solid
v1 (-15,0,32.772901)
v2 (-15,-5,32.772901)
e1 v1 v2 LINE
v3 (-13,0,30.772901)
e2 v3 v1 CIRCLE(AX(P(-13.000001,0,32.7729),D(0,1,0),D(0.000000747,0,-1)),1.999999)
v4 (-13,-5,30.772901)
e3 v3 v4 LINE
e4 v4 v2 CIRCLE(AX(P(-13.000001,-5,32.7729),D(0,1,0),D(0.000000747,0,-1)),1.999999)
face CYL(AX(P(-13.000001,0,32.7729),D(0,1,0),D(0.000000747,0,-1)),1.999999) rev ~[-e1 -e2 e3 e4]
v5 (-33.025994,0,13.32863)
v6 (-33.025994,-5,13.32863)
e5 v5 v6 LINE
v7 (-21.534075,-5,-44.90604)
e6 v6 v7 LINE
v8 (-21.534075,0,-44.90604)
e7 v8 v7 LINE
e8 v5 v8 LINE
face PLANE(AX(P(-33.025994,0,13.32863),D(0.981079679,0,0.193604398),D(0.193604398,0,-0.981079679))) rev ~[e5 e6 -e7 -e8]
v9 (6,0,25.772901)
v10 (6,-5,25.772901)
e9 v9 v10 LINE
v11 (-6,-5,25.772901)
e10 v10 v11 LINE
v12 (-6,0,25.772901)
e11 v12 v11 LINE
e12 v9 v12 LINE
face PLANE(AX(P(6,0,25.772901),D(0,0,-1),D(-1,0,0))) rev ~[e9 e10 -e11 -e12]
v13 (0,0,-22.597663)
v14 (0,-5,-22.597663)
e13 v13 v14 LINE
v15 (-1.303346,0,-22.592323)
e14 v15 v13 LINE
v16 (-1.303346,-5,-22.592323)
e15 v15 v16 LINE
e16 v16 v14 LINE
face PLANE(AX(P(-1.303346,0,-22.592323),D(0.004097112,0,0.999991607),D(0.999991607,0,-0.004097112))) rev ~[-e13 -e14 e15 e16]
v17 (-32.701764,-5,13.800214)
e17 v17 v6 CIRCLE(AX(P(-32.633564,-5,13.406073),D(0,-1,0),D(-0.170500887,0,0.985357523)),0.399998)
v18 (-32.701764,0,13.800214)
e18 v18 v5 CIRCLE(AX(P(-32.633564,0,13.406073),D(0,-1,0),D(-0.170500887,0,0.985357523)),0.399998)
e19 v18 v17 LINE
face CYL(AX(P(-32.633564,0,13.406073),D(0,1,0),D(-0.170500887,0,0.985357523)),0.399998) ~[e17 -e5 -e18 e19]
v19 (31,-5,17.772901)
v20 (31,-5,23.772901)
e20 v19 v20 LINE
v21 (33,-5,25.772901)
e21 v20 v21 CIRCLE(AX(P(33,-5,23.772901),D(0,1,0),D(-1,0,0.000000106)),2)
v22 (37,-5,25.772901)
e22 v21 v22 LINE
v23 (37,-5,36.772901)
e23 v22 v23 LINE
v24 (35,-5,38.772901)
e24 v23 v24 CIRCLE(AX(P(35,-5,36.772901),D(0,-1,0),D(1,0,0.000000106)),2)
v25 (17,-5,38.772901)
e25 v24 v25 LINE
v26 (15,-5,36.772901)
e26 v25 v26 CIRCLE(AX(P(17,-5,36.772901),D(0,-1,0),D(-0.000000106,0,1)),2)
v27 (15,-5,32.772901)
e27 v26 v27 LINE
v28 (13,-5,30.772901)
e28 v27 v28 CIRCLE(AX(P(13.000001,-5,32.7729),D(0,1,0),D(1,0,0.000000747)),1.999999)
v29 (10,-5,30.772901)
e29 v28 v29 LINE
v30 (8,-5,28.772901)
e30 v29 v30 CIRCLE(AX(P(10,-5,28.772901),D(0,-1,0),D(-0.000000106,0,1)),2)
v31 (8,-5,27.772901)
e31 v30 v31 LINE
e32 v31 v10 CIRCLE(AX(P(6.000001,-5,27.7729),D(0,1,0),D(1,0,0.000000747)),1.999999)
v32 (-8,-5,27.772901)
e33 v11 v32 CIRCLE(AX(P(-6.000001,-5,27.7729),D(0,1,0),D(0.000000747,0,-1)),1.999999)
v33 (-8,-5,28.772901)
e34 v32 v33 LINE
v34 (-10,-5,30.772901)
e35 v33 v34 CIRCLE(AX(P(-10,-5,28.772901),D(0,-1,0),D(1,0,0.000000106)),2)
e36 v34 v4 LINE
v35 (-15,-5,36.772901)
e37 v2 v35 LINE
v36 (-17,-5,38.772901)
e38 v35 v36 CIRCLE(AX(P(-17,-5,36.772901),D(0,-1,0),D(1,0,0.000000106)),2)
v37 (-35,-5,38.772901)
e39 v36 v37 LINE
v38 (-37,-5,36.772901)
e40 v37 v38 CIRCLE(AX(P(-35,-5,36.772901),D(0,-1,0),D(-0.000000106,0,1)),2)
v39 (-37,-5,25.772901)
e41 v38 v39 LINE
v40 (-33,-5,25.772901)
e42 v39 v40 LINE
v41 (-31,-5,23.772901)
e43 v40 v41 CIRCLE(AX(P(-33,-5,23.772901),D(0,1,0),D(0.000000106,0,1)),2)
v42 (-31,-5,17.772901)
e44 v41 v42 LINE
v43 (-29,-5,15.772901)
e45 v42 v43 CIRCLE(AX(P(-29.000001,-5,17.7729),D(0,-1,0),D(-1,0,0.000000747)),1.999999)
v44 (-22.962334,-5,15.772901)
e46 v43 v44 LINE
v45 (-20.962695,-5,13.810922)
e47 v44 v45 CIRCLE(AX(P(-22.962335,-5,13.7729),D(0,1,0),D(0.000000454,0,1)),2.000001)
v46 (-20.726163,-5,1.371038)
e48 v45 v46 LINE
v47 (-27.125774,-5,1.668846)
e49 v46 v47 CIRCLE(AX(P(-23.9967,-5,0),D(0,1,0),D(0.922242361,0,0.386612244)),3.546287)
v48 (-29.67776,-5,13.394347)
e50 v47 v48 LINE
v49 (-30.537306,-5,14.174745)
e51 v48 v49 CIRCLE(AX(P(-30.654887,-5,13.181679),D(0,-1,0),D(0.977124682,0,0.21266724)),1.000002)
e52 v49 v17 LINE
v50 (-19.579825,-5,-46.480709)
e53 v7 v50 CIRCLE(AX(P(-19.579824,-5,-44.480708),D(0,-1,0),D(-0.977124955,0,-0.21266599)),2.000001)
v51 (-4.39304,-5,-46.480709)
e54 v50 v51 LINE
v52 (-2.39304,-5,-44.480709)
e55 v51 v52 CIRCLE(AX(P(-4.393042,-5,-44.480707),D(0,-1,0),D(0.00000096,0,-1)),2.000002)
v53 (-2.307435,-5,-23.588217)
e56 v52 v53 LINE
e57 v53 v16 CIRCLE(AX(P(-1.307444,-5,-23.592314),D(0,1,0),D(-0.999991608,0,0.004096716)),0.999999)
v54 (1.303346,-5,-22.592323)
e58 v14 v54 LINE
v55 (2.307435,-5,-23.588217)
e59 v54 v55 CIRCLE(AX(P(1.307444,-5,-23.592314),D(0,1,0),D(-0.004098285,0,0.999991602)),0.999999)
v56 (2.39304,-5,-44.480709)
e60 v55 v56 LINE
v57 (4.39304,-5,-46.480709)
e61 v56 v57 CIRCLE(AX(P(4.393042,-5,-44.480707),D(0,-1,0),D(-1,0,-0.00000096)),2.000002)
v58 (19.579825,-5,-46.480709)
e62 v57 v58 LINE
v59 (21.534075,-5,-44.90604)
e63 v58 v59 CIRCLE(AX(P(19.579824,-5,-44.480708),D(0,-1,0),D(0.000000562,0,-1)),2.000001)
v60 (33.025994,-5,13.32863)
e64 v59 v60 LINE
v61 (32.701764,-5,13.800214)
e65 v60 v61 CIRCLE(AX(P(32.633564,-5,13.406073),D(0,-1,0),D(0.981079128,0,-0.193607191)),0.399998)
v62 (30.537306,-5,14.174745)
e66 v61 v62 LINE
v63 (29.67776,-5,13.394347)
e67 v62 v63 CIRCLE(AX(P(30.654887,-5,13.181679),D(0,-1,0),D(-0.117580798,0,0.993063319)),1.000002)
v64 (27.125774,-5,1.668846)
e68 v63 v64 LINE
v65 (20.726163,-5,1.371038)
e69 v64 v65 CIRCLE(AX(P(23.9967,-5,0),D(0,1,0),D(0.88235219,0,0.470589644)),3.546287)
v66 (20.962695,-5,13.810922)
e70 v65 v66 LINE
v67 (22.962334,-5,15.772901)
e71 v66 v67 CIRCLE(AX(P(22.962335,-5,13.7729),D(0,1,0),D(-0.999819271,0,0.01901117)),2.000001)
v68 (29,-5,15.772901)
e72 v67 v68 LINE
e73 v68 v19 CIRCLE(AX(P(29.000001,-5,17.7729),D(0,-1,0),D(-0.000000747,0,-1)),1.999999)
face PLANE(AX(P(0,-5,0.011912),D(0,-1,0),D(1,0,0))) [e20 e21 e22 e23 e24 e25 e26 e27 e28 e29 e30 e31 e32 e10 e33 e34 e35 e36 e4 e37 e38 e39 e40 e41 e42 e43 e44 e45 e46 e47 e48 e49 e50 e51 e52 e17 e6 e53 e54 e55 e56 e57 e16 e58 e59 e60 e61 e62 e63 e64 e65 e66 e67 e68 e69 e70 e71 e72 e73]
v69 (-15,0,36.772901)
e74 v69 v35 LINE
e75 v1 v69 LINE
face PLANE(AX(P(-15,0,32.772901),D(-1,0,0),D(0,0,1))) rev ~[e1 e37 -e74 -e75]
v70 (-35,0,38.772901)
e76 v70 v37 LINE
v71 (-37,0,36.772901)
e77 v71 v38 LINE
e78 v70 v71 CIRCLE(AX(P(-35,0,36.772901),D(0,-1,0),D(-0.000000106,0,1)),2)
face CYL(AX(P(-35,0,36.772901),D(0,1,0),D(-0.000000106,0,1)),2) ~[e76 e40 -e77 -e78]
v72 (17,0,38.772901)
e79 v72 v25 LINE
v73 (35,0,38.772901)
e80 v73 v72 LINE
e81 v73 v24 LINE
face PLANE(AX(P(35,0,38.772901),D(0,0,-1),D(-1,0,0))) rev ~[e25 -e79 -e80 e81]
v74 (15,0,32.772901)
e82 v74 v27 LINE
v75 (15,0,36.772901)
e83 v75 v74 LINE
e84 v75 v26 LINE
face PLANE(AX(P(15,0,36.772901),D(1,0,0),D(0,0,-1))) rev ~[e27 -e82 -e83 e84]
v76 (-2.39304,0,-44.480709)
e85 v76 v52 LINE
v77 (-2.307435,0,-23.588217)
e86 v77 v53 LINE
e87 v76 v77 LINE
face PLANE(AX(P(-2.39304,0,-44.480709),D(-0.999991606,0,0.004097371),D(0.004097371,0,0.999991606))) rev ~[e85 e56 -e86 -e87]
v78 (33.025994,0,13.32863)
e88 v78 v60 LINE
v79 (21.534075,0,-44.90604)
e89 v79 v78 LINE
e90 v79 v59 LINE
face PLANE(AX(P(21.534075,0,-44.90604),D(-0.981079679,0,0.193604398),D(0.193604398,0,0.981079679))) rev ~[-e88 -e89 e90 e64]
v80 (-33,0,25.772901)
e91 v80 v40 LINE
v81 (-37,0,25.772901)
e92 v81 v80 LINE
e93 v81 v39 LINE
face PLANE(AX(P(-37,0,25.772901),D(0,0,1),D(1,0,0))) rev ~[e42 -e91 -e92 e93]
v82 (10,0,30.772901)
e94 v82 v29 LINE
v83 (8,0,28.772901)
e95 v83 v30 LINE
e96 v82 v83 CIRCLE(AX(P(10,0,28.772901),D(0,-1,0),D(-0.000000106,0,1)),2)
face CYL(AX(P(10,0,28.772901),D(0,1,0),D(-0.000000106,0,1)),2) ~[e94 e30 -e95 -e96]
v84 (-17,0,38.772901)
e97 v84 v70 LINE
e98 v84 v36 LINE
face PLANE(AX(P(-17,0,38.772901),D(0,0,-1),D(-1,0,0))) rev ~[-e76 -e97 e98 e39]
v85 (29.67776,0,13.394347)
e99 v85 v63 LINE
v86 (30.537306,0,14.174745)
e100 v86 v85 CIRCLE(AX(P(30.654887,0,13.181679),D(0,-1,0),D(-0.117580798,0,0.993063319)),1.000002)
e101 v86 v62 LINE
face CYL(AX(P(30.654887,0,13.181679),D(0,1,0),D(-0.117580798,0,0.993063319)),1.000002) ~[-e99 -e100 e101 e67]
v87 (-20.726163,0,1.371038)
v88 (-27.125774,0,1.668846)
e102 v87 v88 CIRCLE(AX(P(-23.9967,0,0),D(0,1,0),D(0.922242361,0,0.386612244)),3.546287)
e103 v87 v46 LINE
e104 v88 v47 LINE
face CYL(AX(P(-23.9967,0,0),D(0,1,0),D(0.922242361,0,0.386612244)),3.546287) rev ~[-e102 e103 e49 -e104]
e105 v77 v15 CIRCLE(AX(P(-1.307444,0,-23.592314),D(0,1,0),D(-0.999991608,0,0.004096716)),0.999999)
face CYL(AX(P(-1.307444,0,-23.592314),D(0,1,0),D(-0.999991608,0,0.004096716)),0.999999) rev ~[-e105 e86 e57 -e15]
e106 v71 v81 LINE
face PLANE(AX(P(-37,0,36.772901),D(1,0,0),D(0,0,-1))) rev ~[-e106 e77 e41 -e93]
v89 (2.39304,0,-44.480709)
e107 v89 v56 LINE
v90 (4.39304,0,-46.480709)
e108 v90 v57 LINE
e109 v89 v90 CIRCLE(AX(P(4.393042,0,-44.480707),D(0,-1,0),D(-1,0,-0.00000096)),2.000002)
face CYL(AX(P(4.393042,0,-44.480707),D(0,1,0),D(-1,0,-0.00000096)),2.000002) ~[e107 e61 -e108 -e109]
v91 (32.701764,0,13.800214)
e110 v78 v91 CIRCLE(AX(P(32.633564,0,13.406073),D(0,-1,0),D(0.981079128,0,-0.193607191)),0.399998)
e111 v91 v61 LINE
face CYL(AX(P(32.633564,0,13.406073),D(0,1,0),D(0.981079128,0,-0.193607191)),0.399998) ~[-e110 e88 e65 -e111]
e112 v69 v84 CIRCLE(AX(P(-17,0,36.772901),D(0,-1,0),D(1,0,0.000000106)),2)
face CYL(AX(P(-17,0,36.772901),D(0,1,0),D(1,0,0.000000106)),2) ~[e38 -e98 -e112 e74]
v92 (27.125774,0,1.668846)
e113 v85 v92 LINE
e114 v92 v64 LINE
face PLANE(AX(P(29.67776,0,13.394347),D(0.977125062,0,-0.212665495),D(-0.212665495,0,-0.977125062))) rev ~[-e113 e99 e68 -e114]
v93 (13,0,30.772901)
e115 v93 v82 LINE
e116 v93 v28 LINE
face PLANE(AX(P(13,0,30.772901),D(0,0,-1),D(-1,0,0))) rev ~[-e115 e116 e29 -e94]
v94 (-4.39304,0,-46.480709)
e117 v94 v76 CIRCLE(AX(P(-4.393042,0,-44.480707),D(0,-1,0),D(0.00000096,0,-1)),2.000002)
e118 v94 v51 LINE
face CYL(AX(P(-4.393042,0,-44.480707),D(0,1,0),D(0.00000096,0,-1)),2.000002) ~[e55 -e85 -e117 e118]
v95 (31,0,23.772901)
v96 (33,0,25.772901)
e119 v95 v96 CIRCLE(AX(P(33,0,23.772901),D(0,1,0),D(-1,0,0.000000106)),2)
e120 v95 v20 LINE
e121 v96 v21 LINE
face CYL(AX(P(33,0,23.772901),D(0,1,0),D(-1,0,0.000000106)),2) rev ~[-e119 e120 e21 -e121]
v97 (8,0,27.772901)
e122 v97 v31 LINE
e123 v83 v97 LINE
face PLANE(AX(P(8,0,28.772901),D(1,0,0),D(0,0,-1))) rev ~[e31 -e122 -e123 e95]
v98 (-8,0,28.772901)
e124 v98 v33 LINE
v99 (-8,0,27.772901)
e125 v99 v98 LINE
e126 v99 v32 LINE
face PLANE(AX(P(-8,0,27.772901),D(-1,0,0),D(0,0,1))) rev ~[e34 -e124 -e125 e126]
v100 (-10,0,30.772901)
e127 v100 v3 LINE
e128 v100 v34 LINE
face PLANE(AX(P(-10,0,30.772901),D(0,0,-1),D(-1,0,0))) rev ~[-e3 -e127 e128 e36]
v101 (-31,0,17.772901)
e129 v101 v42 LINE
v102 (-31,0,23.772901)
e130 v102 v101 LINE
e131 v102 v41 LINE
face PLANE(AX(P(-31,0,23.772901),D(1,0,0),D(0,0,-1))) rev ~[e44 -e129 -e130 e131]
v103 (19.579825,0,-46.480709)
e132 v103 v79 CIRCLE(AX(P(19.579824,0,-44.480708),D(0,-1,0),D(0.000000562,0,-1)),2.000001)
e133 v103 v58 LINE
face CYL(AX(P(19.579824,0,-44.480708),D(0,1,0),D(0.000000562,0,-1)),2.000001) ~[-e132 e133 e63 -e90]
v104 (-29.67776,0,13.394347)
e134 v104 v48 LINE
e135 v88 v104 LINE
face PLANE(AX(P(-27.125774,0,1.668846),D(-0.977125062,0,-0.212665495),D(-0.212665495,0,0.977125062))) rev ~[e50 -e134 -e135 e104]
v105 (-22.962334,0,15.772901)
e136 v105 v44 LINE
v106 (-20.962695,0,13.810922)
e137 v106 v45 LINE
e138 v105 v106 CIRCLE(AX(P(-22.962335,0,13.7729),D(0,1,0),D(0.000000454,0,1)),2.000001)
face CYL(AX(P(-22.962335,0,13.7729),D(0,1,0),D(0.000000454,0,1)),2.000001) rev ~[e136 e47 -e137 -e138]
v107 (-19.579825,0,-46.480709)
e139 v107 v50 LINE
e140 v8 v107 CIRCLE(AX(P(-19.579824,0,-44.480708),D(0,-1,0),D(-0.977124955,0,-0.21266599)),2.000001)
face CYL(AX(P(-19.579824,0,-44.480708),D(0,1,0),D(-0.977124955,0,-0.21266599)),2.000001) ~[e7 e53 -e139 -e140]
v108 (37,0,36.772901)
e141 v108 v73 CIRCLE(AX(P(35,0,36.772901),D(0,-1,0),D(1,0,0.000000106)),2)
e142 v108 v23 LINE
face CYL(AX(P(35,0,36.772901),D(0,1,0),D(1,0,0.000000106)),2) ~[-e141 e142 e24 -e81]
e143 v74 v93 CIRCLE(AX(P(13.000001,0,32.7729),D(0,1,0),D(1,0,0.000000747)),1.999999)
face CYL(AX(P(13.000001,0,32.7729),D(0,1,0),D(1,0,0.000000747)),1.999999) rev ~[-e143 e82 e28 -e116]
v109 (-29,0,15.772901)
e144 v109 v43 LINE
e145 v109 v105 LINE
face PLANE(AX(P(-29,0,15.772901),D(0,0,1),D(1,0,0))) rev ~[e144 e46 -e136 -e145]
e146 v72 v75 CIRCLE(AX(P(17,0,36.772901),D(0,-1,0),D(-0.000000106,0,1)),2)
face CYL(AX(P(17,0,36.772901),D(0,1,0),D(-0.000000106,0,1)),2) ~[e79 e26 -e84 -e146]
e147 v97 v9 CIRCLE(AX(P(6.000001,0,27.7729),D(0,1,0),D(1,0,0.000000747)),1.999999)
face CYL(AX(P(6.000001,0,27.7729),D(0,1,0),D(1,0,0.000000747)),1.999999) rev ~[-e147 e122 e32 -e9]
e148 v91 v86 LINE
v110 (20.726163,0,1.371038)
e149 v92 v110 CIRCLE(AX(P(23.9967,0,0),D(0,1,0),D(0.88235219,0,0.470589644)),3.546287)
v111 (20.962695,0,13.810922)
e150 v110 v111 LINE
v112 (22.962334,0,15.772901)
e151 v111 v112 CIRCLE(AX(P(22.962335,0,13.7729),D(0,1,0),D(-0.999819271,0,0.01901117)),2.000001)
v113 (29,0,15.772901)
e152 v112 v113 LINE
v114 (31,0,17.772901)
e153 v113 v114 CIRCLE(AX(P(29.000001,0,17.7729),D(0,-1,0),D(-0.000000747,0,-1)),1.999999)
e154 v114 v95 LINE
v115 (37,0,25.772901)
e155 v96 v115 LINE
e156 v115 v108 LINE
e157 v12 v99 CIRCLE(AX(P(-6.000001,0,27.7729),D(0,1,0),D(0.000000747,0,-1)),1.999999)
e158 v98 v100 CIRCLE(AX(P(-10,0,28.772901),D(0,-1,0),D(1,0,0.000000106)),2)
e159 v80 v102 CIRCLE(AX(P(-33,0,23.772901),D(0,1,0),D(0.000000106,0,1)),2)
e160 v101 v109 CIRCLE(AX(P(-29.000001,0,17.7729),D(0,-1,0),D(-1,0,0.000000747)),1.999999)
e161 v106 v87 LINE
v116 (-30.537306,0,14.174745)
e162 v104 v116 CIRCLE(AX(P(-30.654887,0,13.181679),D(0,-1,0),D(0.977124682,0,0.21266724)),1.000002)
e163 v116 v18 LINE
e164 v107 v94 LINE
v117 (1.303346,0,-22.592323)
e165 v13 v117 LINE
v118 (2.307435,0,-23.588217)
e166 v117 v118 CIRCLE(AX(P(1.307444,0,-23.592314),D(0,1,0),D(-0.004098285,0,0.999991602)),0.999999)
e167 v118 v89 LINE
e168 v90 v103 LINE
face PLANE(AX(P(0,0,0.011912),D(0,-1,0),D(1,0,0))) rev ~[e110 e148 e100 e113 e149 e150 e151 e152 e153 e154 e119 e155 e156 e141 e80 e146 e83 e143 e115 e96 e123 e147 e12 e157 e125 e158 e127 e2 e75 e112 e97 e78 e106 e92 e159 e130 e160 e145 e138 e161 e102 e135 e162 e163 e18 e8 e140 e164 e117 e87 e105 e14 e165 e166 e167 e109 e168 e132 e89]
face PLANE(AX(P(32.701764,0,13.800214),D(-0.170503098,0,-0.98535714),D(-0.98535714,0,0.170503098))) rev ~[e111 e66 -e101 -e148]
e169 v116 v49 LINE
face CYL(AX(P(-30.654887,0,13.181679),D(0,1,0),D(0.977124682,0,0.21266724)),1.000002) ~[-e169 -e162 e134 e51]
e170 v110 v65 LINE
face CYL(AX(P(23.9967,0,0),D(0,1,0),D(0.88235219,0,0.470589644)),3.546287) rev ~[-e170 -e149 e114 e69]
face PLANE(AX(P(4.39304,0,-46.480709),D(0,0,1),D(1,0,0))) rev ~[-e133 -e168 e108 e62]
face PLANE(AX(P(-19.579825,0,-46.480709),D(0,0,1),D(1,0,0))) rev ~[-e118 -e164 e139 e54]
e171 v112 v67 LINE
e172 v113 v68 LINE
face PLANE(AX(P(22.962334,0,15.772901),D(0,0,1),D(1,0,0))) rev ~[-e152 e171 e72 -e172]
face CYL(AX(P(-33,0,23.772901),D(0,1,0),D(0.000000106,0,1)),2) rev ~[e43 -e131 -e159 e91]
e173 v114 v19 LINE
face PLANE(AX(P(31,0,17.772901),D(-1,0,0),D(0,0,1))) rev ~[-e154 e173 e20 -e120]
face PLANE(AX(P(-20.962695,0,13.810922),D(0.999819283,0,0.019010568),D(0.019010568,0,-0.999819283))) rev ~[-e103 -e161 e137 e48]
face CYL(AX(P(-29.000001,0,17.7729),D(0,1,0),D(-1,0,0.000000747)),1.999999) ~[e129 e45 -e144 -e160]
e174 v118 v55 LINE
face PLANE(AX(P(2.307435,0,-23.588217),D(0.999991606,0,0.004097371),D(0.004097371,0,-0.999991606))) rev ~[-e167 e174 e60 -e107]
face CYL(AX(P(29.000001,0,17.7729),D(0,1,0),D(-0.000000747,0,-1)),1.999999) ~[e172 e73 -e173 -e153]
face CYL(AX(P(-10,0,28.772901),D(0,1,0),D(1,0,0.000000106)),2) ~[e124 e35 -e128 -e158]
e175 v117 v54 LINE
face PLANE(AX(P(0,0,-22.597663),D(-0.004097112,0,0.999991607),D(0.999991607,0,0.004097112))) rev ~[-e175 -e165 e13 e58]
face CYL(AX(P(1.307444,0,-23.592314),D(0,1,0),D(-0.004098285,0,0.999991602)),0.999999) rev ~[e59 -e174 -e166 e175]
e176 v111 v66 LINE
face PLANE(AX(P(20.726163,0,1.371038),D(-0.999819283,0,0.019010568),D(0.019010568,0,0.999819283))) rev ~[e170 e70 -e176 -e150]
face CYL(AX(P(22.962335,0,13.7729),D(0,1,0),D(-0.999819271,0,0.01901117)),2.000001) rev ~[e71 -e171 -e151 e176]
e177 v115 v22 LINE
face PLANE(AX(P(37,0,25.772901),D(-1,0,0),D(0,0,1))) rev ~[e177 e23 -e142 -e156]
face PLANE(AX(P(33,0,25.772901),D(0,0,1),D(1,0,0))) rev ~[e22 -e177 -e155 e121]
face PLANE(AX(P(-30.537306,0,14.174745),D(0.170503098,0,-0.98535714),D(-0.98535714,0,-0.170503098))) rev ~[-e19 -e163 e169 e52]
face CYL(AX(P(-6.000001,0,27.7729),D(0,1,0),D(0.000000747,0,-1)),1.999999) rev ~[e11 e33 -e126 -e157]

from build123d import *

# Parameters (mm, degrees)
F1_DEPTH = 5


with BuildPart() as f1:
    # F0 (on Front) → F1 (new body)
    with BuildSketch(Plane.XZ):
        with BuildLine():
            Line((-19.579825, -46.480709), (-4.39304, -46.480709))
            ThreePointArc((-4.39304, -46.480709), (-2.978827, -45.894922), (-2.39304, -44.480709))
            Line((-2.39304, -44.480709), (-2.307435, -23.588217))
            ThreePointArc((-2.307435, -23.588217), (-2.011647, -22.882316), (-1.303346, -22.592323))
            Line((-1.303346, -22.592323), (0, -22.597663))
            Line((0, -22.597663), (1.303346, -22.592323))
            ThreePointArc((1.303346, -22.592323), (2.011647, -22.882316), (2.307435, -23.588217))
            Line((2.307435, -23.588217), (2.39304, -44.480709))
            ThreePointArc((2.39304, -44.480709), (2.978827, -45.894922), (4.39304, -46.480709))
            Line((4.39304, -46.480709), (19.579825, -46.480709))
            ThreePointArc((19.579825, -46.480709), (20.834683, -46.038056), (21.534075, -44.90604))
            Line((21.534075, -44.90604), (33.025994, 13.32863))
            ThreePointArc((33.025994, 13.32863), (32.963174, 13.632691), (32.701764, 13.800214))
            Line((32.701764, 13.800214), (30.537306, 14.174745))
            ThreePointArc((30.537306, 14.174745), (29.982688, 13.922053), (29.67776, 13.394347))
            Line((29.67776, 13.394347), (27.125774, 1.668846))
            ThreePointArc((27.125774, 1.668846), (24.161549, -3.542454), (20.726163, 1.371038))
            Line((20.726163, 1.371038), (20.962695, 13.810922))
            ThreePointArc((20.962695, 13.810922), (21.561627, 15.200493), (22.962334, 15.772901))
            Line((22.962334, 15.772901), (29, 15.772901))
            ThreePointArc((29, 15.772901), (30.414214, 16.358687), (31, 17.772901))
            Line((31, 17.772901), (31, 23.772901))
            ThreePointArc((31, 23.772901), (31.585786, 25.187114), (33, 25.772901))
            Line((33, 25.772901), (37, 25.772901))
            Line((37, 25.772901), (37, 36.772901))
            ThreePointArc((37, 36.772901), (36.414214, 38.187114), (35, 38.772901))
            Line((35, 38.772901), (17, 38.772901))
            ThreePointArc((17, 38.772901), (15.585786, 38.187114), (15, 36.772901))
            Line((15, 36.772901), (15, 32.772901))
            ThreePointArc((15, 32.772901), (14.414214, 31.358687), (13, 30.772901))
            Line((13, 30.772901), (10, 30.772901))
            ThreePointArc((10, 30.772901), (8.585786, 30.187114), (8, 28.772901))
            Line((8, 28.772901), (8, 27.772901))
            ThreePointArc((8, 27.772901), (7.414214, 26.358687), (6, 25.772901))
            Line((6, 25.772901), (0, 25.772901))
            Line((0, 25.772901), (-6, 25.772901))
            ThreePointArc((-6, 25.772901), (-7.414214, 26.358687), (-8, 27.772901))
            Line((-8, 27.772901), (-8, 28.772901))
            ThreePointArc((-8, 28.772901), (-8.585786, 30.187114), (-10, 30.772901))
            Line((-10, 30.772901), (-13, 30.772901))
            ThreePointArc((-13, 30.772901), (-14.414214, 31.358687), (-15, 32.772901))
            Line((-15, 32.772901), (-15, 36.772901))
            ThreePointArc((-15, 36.772901), (-15.585786, 38.187114), (-17, 38.772901))
            Line((-17, 38.772901), (-35, 38.772901))
            ThreePointArc((-35, 38.772901), (-36.414214, 38.187114), (-37, 36.772901))
            Line((-37, 36.772901), (-37, 25.772901))
            Line((-37, 25.772901), (-33, 25.772901))
            ThreePointArc((-33, 25.772901), (-31.585786, 25.187114), (-31, 23.772901))
            Line((-31, 23.772901), (-31, 17.772901))
            ThreePointArc((-31, 17.772901), (-30.414214, 16.358687), (-29, 15.772901))
            Line((-29, 15.772901), (-22.962334, 15.772901))
            ThreePointArc((-22.962334, 15.772901), (-21.561627, 15.200493), (-20.962695, 13.810922))
            Line((-20.962695, 13.810922), (-20.726163, 1.371038))
            ThreePointArc((-20.726163, 1.371038), (-24.161549, -3.542454), (-27.125774, 1.668846))
            Line((-27.125774, 1.668846), (-29.67776, 13.394347))
            ThreePointArc((-29.67776, 13.394347), (-29.982688, 13.922053), (-30.537306, 14.174745))
            Line((-30.537306, 14.174745), (-32.701764, 13.800214))
            ThreePointArc((-32.701764, 13.800214), (-32.963174, 13.632691), (-33.025994, 13.32863))
            Line((-33.025994, 13.32863), (-21.534075, -44.90604))
            ThreePointArc((-21.534075, -44.90604), (-20.834683, -46.038056), (-19.579825, -46.480709))
        make_face()
    extrude(amount=F1_DEPTH)


solid = f1.part
